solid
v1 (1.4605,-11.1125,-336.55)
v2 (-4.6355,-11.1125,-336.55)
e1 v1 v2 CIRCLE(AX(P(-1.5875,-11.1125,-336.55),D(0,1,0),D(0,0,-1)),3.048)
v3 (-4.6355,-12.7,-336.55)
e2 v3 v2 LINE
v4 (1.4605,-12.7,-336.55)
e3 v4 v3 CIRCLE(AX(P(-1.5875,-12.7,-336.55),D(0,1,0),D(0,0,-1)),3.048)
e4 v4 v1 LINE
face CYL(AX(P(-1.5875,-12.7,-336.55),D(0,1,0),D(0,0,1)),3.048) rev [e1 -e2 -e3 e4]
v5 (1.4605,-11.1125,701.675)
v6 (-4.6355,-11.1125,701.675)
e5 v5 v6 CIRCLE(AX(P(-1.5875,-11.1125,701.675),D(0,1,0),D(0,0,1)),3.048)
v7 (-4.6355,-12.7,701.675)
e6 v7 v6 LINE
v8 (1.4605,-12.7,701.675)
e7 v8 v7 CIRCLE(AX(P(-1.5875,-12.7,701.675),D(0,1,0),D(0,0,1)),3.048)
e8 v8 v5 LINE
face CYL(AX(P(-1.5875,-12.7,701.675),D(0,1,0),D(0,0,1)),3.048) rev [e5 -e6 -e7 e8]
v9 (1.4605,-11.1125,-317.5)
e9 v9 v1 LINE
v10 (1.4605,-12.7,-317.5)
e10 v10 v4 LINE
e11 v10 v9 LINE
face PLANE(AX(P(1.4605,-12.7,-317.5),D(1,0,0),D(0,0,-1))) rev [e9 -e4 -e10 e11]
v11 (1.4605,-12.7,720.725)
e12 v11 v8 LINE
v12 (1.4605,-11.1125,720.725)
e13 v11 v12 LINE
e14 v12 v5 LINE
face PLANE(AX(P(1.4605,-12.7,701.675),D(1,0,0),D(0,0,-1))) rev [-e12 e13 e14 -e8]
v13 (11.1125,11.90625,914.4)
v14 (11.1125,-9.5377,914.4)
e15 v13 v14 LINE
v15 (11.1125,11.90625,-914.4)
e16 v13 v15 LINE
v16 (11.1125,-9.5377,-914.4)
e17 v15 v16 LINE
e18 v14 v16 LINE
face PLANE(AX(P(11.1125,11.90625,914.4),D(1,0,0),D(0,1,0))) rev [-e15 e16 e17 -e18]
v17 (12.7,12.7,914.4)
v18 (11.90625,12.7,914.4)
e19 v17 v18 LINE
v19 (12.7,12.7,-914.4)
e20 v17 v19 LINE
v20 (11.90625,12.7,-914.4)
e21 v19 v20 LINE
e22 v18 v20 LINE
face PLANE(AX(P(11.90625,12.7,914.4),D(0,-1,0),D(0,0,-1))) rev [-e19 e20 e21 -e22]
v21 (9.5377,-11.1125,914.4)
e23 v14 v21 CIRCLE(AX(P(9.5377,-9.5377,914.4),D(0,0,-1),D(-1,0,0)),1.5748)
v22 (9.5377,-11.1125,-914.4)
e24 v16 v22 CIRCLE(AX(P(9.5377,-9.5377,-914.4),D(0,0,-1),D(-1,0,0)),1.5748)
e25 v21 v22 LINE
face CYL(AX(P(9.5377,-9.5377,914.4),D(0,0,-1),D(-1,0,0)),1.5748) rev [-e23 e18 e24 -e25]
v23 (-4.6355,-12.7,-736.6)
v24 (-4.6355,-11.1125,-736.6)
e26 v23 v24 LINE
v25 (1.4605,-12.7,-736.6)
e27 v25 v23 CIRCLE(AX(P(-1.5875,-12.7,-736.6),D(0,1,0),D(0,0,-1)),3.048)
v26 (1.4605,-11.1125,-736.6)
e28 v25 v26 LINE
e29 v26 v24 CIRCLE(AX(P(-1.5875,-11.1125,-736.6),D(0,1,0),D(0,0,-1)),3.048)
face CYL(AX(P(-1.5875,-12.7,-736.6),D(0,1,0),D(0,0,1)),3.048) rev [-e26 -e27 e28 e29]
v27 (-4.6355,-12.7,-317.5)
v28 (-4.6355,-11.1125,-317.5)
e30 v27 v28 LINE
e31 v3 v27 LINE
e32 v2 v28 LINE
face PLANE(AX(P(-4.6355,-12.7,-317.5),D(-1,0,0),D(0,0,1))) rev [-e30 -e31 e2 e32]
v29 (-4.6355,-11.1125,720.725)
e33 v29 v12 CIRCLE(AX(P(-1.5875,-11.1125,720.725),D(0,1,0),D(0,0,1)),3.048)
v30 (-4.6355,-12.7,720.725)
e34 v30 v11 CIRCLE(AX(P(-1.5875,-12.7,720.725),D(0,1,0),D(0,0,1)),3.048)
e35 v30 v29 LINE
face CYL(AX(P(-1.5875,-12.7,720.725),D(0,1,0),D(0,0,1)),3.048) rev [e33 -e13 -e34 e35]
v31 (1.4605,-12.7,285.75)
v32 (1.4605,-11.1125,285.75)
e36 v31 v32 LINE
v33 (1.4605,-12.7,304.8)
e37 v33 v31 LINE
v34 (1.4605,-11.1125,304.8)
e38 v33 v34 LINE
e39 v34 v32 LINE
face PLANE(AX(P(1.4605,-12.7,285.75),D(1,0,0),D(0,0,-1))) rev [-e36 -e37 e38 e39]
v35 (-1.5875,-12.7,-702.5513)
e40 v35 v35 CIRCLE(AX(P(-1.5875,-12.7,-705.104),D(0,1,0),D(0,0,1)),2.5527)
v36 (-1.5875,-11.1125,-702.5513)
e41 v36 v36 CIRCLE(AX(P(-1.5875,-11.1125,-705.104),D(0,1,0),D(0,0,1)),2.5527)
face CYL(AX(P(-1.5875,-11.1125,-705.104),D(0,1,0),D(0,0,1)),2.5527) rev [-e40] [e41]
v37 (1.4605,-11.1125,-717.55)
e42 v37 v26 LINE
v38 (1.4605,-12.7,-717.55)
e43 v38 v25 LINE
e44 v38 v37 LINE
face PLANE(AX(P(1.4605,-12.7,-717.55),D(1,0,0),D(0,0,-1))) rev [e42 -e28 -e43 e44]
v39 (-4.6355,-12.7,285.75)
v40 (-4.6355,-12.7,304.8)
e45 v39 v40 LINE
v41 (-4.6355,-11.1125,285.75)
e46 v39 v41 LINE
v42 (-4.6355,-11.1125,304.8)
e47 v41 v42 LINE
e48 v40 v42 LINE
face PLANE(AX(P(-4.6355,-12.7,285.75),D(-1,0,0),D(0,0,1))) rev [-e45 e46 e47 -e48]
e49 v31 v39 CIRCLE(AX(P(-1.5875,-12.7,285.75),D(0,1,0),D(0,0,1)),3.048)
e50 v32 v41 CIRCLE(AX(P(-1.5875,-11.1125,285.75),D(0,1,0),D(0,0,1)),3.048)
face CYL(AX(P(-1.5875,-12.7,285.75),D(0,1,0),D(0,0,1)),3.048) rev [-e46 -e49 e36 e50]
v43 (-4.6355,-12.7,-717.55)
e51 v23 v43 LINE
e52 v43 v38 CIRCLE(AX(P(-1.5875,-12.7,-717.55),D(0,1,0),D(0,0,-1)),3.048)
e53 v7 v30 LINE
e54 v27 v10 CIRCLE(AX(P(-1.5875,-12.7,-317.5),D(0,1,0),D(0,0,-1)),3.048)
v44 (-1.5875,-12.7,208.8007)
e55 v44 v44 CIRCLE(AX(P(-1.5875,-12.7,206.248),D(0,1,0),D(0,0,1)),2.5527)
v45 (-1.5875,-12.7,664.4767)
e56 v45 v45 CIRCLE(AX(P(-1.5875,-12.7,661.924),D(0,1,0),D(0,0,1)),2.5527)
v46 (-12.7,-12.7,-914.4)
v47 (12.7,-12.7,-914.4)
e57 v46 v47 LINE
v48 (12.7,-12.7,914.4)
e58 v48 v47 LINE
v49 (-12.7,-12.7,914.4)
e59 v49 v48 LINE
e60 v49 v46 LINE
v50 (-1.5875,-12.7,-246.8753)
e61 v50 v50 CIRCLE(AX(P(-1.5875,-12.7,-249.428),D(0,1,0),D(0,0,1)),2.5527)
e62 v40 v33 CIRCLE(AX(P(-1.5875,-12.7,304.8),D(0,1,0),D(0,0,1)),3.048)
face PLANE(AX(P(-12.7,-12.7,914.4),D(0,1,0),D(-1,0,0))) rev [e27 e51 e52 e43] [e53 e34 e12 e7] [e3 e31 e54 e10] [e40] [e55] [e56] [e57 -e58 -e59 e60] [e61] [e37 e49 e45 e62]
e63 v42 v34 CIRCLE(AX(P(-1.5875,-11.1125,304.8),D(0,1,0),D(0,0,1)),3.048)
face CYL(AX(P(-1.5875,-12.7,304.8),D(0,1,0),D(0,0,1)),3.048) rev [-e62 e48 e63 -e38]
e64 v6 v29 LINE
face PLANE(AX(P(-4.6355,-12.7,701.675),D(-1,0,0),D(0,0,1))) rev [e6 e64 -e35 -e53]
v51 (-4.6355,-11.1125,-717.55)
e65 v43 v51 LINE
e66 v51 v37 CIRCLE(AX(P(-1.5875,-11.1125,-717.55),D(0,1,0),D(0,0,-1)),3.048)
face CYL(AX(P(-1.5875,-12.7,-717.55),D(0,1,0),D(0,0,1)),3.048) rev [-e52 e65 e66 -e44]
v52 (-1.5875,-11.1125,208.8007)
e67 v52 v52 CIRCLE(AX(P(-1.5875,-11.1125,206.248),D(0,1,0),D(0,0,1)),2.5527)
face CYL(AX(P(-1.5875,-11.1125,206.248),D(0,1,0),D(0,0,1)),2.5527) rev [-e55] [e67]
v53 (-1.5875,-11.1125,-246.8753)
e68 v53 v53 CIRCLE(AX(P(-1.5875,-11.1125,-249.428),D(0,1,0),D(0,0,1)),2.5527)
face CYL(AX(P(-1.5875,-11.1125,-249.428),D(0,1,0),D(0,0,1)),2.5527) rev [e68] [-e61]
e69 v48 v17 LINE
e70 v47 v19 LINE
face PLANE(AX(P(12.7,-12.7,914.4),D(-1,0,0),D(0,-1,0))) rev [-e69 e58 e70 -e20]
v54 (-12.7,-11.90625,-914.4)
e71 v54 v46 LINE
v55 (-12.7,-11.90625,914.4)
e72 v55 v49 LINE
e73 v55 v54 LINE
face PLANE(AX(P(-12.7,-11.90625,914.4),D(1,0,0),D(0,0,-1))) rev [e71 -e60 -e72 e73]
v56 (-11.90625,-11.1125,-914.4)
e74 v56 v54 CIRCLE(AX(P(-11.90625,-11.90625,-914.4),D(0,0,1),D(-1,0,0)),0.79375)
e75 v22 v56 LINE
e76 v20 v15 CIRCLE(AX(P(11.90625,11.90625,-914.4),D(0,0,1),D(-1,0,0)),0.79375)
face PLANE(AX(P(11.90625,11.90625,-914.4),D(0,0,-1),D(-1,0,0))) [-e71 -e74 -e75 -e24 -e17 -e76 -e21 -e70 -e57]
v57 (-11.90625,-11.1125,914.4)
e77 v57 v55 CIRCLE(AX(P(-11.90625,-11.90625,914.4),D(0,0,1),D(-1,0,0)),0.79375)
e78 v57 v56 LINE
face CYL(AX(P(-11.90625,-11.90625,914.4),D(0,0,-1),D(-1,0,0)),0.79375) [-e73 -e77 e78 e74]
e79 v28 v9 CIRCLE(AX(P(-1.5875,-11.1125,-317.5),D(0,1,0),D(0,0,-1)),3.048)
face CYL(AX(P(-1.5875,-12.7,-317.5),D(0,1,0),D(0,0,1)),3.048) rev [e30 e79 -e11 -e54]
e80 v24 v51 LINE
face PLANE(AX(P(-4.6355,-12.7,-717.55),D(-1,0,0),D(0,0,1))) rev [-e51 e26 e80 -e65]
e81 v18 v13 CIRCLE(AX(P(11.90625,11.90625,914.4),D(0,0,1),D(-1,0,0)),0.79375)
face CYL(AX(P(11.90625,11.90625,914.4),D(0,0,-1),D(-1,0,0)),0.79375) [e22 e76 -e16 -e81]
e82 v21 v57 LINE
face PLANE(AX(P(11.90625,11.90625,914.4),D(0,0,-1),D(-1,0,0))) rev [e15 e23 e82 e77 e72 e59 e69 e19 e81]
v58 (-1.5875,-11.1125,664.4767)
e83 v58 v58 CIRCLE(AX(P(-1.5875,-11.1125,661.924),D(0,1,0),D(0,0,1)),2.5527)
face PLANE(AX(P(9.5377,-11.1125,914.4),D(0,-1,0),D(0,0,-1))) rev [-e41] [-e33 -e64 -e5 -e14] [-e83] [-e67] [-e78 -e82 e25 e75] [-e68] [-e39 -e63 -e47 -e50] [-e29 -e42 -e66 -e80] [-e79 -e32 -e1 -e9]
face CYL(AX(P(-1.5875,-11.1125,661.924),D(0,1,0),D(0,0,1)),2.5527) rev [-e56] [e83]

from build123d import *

# Parameters (mm, degrees)
BOSS_EXTRUDE1_DEPTH     = 914.4
F_1_4_20_TAPPED_HOLE1_D = 5.1054
CUT_EXTRUDE1_DEPTH      = 915.798166349


with BuildPart() as part:
    # Sketch2 → Boss-Extrude1 (new, symmetric)
    with BuildSketch(Plane.XY):
        with BuildLine():
            Line((-12.7, -12.7), (12.7, -12.7))
            Line((12.7, -12.7), (12.7, 12.7))
            Line((12.7, 12.7), (11.90625, 12.7))
            ThreePointArc((11.90625, 12.7), (11.344983992, 12.467516008), (11.1125, 11.90625))
            Line((11.1125, 11.90625), (11.1125, -9.5377))
            ThreePointArc((11.1125, -9.5377), (10.651251759, -10.651251759), (9.5377, -11.1125))
            Line((9.5377, -11.1125), (-11.90625, -11.1125))
            ThreePointArc((-11.90625, -11.1125), (-12.467516008, -11.344983992), (-12.7, -11.90625))
            Line((-12.7, -11.90625), (-12.7, -12.7))
        make_face()
    extrude(amount=BOSS_EXTRUDE1_DEPTH, both=True)

    # 1/4-20 Tapped Hole1 (through all)
    with Locations(Plane(origin=(0, -11.1125, 0), x_dir=(1, 0, 0), z_dir=(0, 1, 0))):
        with Locations((-1.5875, -661.924), (-1.5875, -206.248), (-1.5875, 705.104), (-1.5875, 249.428)):
            Hole(F_1_4_20_TAPPED_HOLE1_D / 2)

    # Sketch5 → Cut-Extrude1 (cut, through all)
    with BuildSketch(Plane(origin=(0, -11.1125, 0), x_dir=(1, 0, 0), z_dir=(0, 1, 0))):
        with BuildLine():
            Line((1.4605, -701.675), (1.4605, -720.725))
            ThreePointArc((1.4605, -720.725), (-1.5875, -723.773), (-4.6355, -720.725))
            Line((-4.6355, -720.725), (-4.6355, -701.675))
            ThreePointArc((-4.6355, -701.675), (-1.5875, -698.627), (1.4605, -701.675))
        make_face()
        with BuildLine():
            Line((1.4605, -285.75), (1.4605, -304.8))
            ThreePointArc((1.4605, -304.8), (-1.5875, -307.848), (-4.6355, -304.8))
            Line((-4.6355, -304.8), (-4.6355, -285.75))
            ThreePointArc((-4.6355, -285.75), (-1.5875, -282.702), (1.4605, -285.75))
        make_face()
        with BuildLine():
            Line((1.4605, 317.5), (1.4605, 336.55))
            ThreePointArc((1.4605, 336.55), (-1.5875, 339.598), (-4.6355, 336.55))
            Line((-4.6355, 336.55), (-4.6355, 317.5))
            ThreePointArc((-4.6355, 317.5), (-1.5875, 314.452), (1.4605, 317.5))
        make_face()
        with BuildLine():
            Line((1.4605, 717.55), (1.4605, 736.6))
            ThreePointArc((1.4605, 736.6), (-1.5875, 739.648), (-4.6355, 736.6))
            Line((-4.6355, 736.6), (-4.6355, 717.55))
            ThreePointArc((-4.6355, 717.55), (-1.5875, 714.502), (1.4605, 717.55))
        make_face()
    extrude(amount=-CUT_EXTRUDE1_DEPTH, mode=Mode.SUBTRACT)


solid = part.part
